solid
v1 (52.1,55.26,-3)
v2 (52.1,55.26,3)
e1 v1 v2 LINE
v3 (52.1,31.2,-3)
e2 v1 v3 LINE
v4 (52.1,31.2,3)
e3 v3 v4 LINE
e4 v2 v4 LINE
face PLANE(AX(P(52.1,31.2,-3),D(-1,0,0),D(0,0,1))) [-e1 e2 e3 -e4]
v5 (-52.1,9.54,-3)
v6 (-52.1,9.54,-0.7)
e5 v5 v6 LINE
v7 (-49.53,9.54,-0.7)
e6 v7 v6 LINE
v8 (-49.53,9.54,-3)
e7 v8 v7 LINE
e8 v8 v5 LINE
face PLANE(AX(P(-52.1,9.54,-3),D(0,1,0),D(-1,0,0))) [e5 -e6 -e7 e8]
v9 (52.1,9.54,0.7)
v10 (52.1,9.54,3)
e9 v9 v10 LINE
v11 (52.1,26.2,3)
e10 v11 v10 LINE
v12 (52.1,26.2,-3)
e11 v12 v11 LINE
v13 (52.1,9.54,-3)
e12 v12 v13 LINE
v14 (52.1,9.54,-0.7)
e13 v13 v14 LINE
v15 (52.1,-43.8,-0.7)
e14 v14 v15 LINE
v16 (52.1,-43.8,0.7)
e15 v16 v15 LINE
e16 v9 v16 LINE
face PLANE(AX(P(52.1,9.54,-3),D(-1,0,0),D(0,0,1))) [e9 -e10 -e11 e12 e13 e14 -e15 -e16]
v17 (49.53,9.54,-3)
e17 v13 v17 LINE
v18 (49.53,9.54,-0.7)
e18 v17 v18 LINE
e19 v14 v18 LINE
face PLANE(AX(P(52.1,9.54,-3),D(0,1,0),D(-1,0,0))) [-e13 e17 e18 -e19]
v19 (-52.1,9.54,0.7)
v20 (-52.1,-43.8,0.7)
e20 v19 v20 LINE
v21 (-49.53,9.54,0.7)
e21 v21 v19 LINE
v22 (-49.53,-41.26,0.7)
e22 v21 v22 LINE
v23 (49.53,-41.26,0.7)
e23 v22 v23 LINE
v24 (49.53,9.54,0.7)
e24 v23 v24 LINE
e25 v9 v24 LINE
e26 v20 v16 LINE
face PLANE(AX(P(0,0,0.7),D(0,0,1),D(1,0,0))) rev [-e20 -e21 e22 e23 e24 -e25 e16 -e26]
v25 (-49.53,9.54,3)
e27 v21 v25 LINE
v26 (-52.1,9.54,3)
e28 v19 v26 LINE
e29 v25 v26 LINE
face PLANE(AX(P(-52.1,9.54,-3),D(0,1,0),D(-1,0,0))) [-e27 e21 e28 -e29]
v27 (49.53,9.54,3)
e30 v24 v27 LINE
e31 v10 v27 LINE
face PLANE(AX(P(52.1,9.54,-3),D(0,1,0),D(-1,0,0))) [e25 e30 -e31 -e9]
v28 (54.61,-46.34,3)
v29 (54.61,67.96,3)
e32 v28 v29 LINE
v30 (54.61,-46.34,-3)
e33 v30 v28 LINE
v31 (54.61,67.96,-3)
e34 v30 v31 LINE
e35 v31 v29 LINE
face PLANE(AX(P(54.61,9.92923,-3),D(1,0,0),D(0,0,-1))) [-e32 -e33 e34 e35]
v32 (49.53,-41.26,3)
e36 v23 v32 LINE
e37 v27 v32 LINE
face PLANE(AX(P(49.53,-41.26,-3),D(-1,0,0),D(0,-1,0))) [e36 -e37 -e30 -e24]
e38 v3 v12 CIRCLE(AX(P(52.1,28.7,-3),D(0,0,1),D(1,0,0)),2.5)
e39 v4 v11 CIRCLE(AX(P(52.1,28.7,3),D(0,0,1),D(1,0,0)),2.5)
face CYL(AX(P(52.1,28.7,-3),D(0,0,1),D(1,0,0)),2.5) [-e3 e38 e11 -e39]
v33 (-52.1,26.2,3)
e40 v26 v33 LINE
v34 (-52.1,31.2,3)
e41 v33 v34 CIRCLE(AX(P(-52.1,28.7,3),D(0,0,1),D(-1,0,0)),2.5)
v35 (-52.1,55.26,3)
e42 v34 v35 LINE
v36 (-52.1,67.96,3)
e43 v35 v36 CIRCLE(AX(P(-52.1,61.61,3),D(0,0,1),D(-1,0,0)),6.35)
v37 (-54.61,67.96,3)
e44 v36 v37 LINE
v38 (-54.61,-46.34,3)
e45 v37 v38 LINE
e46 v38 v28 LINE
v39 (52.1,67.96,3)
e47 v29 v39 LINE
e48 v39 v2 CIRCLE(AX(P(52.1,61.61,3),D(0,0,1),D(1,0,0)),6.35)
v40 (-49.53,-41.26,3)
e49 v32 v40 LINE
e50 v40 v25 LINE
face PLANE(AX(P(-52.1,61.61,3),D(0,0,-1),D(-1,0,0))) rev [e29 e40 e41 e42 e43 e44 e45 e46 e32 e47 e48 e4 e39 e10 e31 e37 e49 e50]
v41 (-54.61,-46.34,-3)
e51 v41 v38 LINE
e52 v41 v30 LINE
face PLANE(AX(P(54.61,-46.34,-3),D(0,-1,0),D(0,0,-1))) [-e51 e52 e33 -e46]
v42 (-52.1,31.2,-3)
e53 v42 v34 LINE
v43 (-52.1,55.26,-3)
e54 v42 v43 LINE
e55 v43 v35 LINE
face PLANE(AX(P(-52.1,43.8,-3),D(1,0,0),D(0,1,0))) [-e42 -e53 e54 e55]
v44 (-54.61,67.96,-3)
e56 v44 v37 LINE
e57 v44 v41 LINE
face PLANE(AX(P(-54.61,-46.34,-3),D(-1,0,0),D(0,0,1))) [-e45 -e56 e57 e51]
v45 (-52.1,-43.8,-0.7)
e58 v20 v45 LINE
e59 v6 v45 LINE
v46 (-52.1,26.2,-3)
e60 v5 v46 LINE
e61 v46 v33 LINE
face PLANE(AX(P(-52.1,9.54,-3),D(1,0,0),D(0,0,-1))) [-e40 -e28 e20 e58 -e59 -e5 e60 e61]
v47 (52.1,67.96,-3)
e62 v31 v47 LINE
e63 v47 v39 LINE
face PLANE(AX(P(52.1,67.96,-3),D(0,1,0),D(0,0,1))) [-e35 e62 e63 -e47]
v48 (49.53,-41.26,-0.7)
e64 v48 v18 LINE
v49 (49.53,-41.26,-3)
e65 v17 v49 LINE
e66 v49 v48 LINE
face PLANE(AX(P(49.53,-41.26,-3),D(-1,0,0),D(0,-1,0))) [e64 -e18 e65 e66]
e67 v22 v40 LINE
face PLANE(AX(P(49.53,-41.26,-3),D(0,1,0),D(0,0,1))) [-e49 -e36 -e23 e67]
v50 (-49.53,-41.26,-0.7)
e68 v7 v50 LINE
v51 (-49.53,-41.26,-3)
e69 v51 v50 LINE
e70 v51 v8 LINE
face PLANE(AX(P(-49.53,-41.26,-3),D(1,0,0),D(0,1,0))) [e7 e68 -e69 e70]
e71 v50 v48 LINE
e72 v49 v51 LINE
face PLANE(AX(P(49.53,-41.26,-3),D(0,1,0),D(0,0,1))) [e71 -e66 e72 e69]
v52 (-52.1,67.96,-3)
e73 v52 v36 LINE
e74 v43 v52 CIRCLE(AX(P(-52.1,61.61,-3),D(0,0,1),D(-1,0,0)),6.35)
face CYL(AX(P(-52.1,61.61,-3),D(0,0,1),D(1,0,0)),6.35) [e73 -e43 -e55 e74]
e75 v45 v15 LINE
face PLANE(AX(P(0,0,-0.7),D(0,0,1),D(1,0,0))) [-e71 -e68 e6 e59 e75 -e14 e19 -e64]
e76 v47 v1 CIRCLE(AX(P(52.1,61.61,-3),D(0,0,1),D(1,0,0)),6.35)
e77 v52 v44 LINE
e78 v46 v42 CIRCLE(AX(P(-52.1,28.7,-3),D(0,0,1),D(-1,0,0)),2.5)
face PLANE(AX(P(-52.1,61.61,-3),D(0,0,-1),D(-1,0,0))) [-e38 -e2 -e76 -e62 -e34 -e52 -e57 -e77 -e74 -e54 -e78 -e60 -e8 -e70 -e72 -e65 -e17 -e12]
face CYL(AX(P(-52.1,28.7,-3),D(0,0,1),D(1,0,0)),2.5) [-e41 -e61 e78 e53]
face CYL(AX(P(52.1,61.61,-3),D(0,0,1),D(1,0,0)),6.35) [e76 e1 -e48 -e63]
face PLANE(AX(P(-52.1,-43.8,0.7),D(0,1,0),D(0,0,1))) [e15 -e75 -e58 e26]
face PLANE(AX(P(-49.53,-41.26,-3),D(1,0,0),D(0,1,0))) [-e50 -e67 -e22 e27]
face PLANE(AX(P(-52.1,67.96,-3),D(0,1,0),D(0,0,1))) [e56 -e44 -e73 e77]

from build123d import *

# Parameters (mm, degrees)
BOSS_EXTRUDE1_DEPTH      = 3
BOSS_EXTRUDE1_DEPTH_BACK = 3
CUT_EXTRUDE1_DEPTH       = 0.7
CUT_EXTRUDE1_DEPTH_BACK  = 0.7


with BuildPart() as part:
    # Sketch2 → Boss-Extrude1 (new, two sides: drawn at the far end of the back side and taken through both)
    with BuildSketch(Plane.XY.offset(-BOSS_EXTRUDE1_DEPTH_BACK)):
        with BuildLine():
            Line((-52.1, 67.96), (-54.61, 67.96))
            Line((-54.61, 67.96), (-54.61, 9.929230009))
            Line((-54.61, 9.929230009), (-54.61, -46.34))
            Line((-54.61, -46.34), (54.61, -46.34))
            Line((54.61, -46.34), (54.61, 9.929230009))
            Line((54.61, 9.929230009), (54.61, 67.96))
            Line((54.61, 67.96), (52.1, 67.96))
            ThreePointArc((52.1, 67.96), (45.75, 61.61), (52.1, 55.26))
            Line((52.1, 55.26), (52.1, 43.8))
            Line((52.1, 43.8), (52.1, 31.2))
            ThreePointArc((52.1, 31.2), (49.6, 28.7), (52.1, 26.2))
            Line((52.1, 26.2), (52.1, 9.54))
            Line((52.1, 9.54), (49.53, 9.54))
            Line((49.53, 9.54), (49.53, -41.26))
            Line((49.53, -41.26), (-49.53, -41.26))
            Line((-49.53, -41.26), (-49.53, 9.54))
            Line((-49.53, 9.54), (-52.1, 9.54))
            Line((-52.1, 9.54), (-52.1, 26.2))
            ThreePointArc((-52.1, 26.2), (-49.6, 28.7), (-52.1, 31.2))
            Line((-52.1, 31.2), (-52.1, 43.8))
            Line((-52.1, 43.8), (-52.1, 55.26))
            ThreePointArc((-52.1, 55.26), (-45.75, 61.61), (-52.1, 67.96))
        make_face()
    extrude(amount=BOSS_EXTRUDE1_DEPTH + BOSS_EXTRUDE1_DEPTH_BACK)

    # Sketch3 → Cut-Extrude1 (cut, two sides: drawn at the far end of the back side and taken through both)
    with BuildSketch(Plane.XY.offset(-CUT_EXTRUDE1_DEPTH_BACK)):
        Polygon((-52.1, 9.54), (-52.1, -43.8), (52.1, -43.8), (52.1, 9.54), (49.53, 9.54), (-49.53, 9.54), align=None)
    extrude(amount=CUT_EXTRUDE1_DEPTH + CUT_EXTRUDE1_DEPTH_BACK, mode=Mode.SUBTRACT)


solid = part.part
